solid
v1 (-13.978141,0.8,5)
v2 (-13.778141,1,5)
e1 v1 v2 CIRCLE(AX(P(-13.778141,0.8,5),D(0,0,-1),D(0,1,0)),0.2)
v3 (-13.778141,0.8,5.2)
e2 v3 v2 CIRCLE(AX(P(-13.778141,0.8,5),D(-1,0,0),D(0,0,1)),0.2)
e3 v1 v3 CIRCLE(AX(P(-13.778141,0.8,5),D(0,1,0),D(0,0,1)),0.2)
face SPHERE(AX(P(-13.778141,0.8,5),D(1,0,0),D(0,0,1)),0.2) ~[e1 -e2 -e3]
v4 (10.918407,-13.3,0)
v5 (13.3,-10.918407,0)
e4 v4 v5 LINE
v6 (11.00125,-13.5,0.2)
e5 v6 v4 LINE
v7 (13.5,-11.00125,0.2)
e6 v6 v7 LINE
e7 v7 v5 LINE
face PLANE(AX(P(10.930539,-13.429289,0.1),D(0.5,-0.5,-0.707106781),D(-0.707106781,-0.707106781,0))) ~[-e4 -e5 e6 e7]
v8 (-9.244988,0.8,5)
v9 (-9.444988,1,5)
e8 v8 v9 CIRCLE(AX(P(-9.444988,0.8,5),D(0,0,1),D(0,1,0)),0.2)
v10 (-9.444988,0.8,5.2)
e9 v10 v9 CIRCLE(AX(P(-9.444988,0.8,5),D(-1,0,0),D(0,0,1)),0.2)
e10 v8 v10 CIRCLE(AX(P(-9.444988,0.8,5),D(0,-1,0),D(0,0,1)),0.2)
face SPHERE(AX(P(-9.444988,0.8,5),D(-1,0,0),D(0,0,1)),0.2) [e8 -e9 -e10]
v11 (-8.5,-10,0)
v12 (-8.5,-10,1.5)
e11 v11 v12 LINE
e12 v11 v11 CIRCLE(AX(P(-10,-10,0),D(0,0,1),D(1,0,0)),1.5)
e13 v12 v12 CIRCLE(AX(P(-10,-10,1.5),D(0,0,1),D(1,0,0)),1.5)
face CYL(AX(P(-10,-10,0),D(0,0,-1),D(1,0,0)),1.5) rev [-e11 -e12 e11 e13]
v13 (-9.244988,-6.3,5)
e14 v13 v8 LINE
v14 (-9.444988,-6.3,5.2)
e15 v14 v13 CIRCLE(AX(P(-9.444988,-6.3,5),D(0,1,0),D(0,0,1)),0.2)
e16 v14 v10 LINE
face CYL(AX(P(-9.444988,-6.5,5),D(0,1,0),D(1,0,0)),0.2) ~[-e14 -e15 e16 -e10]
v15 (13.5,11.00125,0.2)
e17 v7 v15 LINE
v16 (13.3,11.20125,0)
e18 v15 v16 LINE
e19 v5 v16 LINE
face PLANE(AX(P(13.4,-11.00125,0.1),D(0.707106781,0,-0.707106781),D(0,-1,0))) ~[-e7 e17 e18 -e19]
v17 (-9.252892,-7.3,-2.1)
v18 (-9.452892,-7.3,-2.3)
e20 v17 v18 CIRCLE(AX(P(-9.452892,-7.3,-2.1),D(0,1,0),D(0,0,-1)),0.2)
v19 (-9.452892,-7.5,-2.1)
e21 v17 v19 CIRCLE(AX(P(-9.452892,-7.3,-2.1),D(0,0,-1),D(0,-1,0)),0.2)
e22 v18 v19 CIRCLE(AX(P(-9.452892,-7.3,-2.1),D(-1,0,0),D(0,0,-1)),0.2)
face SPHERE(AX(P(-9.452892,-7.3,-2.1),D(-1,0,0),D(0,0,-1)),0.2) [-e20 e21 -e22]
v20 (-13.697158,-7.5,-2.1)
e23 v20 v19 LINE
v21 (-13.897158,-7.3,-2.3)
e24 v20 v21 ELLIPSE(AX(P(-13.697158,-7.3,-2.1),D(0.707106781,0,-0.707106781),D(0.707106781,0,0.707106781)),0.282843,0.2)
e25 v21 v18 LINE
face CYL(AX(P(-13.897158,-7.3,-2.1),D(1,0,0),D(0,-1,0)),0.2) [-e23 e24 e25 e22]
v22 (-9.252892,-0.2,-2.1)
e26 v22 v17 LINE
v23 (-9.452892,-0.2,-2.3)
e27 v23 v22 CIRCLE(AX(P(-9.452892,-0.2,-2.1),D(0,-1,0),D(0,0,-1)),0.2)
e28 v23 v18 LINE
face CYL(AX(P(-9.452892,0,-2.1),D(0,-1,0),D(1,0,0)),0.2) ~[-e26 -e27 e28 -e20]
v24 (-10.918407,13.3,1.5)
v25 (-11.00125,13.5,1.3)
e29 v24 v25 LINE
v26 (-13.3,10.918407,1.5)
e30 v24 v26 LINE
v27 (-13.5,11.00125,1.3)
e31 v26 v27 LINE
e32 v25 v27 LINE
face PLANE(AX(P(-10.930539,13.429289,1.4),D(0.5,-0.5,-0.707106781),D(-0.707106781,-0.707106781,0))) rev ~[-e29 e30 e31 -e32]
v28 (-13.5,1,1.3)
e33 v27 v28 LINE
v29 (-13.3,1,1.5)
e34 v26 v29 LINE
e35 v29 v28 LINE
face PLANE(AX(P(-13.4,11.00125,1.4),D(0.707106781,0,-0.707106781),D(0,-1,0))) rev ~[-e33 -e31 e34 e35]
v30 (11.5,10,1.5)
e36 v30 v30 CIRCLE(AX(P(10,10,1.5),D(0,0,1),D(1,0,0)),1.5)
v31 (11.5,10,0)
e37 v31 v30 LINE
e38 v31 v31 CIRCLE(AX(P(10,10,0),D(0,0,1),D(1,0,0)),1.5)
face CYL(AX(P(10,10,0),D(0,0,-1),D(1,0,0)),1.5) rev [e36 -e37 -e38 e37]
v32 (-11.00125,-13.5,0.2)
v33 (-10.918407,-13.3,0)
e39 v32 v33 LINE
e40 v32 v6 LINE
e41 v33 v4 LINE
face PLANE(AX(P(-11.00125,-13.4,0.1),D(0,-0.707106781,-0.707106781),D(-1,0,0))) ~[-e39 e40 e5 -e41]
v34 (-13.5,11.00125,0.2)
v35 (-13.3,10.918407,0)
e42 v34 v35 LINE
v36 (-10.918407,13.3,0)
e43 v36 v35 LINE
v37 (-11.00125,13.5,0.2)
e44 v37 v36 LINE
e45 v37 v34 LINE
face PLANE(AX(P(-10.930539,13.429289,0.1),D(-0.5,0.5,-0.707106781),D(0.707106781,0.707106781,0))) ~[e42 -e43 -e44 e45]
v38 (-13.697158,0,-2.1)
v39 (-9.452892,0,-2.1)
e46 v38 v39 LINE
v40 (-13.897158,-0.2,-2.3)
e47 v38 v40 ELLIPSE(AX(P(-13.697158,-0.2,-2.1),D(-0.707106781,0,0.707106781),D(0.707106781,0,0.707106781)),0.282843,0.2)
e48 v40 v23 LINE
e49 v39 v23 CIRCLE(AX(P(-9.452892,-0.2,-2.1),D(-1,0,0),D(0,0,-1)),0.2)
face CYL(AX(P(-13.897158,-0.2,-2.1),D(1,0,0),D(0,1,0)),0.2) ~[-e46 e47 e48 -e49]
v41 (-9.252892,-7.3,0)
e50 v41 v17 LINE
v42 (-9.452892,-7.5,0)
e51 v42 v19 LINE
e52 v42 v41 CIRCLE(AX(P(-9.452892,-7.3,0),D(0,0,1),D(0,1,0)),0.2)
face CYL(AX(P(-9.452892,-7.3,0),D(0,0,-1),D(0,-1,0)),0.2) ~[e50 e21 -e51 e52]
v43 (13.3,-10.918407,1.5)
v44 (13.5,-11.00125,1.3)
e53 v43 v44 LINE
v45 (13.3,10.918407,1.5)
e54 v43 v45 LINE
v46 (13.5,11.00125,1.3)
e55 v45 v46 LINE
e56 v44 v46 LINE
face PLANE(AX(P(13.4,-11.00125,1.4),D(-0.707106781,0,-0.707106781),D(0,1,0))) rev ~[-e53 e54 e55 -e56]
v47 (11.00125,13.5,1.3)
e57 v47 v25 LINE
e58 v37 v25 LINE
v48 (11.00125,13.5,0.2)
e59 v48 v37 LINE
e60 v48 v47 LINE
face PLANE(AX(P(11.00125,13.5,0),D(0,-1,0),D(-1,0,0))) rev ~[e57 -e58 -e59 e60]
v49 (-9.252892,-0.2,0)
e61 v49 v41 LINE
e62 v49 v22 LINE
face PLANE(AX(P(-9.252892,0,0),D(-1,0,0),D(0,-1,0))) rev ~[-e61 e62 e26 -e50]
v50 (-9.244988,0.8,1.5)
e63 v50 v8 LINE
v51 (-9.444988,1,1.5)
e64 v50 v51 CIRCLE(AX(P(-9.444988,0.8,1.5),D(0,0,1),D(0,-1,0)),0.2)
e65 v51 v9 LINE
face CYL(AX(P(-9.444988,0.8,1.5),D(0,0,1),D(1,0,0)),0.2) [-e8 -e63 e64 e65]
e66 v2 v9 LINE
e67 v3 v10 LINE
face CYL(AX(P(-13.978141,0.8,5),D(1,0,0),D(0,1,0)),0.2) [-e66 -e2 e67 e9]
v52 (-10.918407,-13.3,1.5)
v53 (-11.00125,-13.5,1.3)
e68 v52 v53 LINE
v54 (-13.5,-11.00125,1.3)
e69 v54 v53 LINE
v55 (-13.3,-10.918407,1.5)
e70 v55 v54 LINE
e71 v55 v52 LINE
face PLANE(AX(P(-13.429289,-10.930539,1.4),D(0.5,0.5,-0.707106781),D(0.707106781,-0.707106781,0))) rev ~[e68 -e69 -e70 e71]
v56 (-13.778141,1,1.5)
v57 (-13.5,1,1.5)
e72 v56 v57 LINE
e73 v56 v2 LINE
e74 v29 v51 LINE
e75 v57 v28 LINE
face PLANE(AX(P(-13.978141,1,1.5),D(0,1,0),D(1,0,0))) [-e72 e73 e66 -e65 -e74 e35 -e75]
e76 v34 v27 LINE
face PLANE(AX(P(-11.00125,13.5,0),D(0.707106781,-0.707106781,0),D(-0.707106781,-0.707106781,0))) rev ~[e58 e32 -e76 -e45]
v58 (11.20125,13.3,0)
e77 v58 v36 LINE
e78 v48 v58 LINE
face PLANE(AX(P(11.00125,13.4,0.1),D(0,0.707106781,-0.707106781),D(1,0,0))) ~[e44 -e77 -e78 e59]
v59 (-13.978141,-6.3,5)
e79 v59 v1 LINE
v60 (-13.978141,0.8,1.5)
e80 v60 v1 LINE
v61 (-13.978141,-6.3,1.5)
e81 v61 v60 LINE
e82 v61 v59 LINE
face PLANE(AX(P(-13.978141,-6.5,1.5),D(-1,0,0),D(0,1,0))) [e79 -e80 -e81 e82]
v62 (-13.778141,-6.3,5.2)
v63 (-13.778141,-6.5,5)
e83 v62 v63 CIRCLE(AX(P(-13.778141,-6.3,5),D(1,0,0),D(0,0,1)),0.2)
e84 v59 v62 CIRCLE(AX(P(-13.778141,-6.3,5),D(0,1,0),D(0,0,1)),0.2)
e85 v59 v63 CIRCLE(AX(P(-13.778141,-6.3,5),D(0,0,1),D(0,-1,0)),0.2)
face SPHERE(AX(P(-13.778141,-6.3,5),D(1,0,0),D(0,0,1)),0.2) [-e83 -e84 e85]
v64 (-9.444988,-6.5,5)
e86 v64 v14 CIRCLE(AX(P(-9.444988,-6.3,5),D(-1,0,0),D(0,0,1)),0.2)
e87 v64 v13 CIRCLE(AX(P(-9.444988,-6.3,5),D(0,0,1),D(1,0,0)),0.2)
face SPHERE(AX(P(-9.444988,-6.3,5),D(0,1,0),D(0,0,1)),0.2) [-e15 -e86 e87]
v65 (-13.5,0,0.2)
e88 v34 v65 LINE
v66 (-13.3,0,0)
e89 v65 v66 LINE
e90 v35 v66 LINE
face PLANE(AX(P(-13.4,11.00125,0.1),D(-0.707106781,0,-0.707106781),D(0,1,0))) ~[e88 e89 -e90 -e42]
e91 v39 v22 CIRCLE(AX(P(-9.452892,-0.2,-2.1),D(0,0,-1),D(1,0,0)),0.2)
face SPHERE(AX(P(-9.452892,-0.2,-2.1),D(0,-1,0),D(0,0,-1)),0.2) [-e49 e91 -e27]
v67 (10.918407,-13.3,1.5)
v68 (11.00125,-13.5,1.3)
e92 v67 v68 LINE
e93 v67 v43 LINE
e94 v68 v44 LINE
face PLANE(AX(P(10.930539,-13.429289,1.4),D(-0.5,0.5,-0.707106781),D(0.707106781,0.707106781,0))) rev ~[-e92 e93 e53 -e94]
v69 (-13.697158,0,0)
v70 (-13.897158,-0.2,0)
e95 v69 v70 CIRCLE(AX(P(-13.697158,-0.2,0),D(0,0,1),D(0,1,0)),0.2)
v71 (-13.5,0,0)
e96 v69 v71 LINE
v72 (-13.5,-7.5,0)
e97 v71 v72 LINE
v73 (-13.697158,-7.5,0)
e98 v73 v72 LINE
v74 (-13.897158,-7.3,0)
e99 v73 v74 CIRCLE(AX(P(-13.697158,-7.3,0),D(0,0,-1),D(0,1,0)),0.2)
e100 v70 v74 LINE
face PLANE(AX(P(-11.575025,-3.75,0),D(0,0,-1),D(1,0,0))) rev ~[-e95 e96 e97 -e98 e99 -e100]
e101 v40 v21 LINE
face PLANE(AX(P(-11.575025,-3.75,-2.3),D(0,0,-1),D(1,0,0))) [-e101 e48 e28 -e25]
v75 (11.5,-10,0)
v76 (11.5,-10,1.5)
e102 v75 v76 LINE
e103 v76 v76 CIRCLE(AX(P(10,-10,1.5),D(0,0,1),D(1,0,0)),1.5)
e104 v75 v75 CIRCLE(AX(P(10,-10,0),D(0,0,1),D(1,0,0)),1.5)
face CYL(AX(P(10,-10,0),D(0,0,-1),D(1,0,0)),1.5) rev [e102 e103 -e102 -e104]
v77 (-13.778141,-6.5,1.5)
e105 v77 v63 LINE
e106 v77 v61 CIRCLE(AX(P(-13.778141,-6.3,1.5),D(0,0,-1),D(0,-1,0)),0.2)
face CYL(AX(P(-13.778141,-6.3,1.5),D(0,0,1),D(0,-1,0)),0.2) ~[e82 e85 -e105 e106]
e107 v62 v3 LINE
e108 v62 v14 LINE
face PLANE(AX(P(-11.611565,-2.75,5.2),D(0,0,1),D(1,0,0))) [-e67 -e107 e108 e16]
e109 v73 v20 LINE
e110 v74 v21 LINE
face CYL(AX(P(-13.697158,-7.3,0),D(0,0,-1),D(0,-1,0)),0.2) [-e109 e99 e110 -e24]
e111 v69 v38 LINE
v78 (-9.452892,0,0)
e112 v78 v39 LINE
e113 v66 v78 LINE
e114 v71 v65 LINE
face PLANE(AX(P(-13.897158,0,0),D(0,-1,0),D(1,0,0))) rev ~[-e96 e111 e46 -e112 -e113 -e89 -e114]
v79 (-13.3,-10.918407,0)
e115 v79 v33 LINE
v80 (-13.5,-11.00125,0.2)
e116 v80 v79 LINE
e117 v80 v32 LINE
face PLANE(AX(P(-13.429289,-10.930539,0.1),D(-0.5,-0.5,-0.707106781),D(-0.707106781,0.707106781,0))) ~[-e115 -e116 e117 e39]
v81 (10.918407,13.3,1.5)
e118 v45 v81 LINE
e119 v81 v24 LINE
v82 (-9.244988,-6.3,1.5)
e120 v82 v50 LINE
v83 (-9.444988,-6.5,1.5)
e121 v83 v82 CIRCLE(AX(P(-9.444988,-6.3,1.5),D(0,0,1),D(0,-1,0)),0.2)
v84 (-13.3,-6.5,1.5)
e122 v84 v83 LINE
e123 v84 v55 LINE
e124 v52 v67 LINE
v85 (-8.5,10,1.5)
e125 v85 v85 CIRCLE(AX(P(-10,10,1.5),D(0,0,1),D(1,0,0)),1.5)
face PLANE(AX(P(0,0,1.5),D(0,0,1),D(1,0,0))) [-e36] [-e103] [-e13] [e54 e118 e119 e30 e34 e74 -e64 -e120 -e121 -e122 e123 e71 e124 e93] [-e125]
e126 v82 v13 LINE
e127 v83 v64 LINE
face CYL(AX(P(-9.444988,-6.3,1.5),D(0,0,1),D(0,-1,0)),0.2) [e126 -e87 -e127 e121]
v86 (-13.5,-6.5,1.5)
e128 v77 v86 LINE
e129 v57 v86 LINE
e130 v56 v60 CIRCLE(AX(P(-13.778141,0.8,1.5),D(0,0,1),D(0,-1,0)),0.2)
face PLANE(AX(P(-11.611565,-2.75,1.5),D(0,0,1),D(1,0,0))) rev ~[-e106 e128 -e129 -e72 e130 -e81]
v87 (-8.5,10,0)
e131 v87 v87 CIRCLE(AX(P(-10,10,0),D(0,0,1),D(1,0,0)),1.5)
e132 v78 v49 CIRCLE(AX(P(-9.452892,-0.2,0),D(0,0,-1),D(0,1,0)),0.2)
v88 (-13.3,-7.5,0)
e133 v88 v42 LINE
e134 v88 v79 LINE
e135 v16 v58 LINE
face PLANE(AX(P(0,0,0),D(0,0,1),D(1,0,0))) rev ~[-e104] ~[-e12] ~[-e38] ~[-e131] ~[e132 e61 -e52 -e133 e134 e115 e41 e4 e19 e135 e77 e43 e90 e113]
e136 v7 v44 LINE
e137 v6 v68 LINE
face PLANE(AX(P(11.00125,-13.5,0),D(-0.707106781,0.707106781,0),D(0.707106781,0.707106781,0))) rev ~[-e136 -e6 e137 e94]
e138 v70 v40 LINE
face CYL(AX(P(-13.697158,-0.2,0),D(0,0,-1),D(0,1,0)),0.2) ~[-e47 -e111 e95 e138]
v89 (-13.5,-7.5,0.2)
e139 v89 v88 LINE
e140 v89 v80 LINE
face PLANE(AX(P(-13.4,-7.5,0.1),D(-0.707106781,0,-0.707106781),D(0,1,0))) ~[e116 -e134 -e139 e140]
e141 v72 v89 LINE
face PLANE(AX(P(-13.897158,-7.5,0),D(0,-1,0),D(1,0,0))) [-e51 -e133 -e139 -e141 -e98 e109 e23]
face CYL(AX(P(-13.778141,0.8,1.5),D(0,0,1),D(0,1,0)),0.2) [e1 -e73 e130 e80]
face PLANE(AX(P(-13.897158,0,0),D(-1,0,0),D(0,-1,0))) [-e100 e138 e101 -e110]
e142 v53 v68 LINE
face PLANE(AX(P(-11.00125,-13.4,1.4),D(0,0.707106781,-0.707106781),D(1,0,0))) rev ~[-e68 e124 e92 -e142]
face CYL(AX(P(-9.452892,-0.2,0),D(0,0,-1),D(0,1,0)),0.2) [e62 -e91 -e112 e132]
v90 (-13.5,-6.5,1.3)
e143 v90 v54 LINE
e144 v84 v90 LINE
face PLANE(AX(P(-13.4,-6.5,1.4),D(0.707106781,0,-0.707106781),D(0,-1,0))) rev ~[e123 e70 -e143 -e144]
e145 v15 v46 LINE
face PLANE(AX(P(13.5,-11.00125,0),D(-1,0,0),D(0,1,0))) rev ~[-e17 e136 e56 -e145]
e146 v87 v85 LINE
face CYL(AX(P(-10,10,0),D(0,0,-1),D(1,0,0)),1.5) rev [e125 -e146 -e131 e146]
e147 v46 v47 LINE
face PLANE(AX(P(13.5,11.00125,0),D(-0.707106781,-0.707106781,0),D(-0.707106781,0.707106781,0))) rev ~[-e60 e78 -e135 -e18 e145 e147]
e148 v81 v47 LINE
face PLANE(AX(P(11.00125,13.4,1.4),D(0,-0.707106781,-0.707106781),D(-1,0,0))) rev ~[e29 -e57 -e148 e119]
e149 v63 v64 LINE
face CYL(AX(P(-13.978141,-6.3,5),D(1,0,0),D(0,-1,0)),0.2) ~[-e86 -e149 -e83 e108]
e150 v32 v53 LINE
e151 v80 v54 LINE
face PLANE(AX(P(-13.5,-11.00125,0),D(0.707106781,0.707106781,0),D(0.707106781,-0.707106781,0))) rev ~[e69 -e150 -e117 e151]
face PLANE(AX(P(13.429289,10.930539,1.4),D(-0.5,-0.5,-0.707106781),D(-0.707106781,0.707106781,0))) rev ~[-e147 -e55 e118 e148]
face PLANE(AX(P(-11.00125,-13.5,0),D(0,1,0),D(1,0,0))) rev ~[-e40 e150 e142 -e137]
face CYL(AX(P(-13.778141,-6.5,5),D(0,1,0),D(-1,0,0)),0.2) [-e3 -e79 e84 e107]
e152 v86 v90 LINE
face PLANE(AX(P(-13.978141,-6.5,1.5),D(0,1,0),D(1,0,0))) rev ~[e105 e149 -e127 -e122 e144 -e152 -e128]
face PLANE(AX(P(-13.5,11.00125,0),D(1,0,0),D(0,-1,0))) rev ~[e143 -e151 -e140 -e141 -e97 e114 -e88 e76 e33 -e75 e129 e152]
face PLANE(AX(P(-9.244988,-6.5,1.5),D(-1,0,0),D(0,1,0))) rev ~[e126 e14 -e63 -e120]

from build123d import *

# Parameters (mm, degrees)
F0_R     = 1.5
F1_DEPTH = 1.5
F2_W     = 4.733152427
F2_H     = 7.5
F3_DEPTH = 3.7
F4_W     = 4.6442656718
F4_H     = 7.5
F5_DEPTH = 2.3
F6_R     = 0.2
F7_SIZE  = 0.2
F8_R     = 0.2


with BuildPart() as f1:
    # F0 (on Top) → F1 (new body)
    with BuildSketch(Plane.XY):
        Polygon((11.0012499681, 13.5), (-11.0012499681, 13.5), (-13.5, 11.0012499681), (-13.5, -11.0012499681), (-11.0012499681, -13.5), (11.0012499681, -13.5), (13.5, -11.0012499681), (13.5, 11.0012499681), align=None)
        with Locations((-10, -10)):
            Circle(F0_R, mode=Mode.SUBTRACT)
        with Locations((10, -10)):
            Circle(F0_R, mode=Mode.SUBTRACT)
        with Locations((-10, 10)):
            Circle(F0_R, mode=Mode.SUBTRACT)
        with Locations((10, 10)):
            Circle(F0_R, mode=Mode.SUBTRACT)
    extrude(amount=F1_DEPTH)

    # F2 (on face) → F3 (join)
    with BuildSketch(Plane.XY.offset(1.5)):
        with Locations((-11.6115645505, -2.75)):
            Rectangle(F2_W, F2_H)
    extrude(amount=F3_DEPTH)

    # F4 (on face) → F5 (join)
    with BuildSketch(Plane(origin=(0, 0, 0), x_dir=(1, 0, 0), z_dir=(0, 0, -1))):
        with Locations((-11.5750247117, 3.75)):
            Rectangle(F4_W, F4_H)
    extrude(amount=F5_DEPTH)

    # F6
    f6_edges = [f1.edges().sort_by_distance(p)[0] for p in [
        (-11.611565, 1, 5.2),
        (-9.244988, -2.75, 5.2),
        (-11.611565, -6.5, 5.2),
        (-9.244988, -6.5, 3.35),
        (-9.244988, 1, 3.35),
        (-13.978141, -2.75, 5.2),
        (-13.978141, -6.5, 3.35),
        (-13.978141, 1, 3.35),
    ]]
    fillet(f6_edges, radius=F6_R)

    # F7
    f7_edges = [f1.edges().sort_by_distance(p)[0] for p in [
        (0, -13.5, 1.5),
        (-12.250625, -12.250625, 1.5),
        (-13.5, -8.750625, 1.5),
        (12.250625, -12.250625, 1.5),
        (13.5, 0, 1.5),
        (-13.5, 6.000625, 1.5),
        (-12.250625, 12.250625, 1.5),
        (0, 13.5, 1.5),
        (12.250625, 12.250625, 1.5),
        (13.5, 0, 0),
        (0, 13.5, 0),
        (-12.250625, 12.250625, 0),
        (-13.5, 5.500625, 0),
        (-13.5, -9.250625, 0),
        (-12.250625, -12.250625, 0),
        (0, -13.5, 0),
        (12.250625, -12.250625, 0),
    ]]
    chamfer(f7_edges, length=F7_SIZE)

    # F8
    f8_edges = [f1.edges().sort_by_distance(p)[0] for p in [
        (-11.575025, -7.5, -2.3),
        (-9.252892, -3.75, -2.3),
        (-11.575025, 0, -2.3),
        (-13.897158, 0, -1.15),
        (-13.897158, -7.5, -1.15),
        (-9.252892, -7.5, -1.15),
        (-9.252892, 0, -1.15),
    ]]
    fillet(f8_edges, radius=F8_R)


solid = f1.part
